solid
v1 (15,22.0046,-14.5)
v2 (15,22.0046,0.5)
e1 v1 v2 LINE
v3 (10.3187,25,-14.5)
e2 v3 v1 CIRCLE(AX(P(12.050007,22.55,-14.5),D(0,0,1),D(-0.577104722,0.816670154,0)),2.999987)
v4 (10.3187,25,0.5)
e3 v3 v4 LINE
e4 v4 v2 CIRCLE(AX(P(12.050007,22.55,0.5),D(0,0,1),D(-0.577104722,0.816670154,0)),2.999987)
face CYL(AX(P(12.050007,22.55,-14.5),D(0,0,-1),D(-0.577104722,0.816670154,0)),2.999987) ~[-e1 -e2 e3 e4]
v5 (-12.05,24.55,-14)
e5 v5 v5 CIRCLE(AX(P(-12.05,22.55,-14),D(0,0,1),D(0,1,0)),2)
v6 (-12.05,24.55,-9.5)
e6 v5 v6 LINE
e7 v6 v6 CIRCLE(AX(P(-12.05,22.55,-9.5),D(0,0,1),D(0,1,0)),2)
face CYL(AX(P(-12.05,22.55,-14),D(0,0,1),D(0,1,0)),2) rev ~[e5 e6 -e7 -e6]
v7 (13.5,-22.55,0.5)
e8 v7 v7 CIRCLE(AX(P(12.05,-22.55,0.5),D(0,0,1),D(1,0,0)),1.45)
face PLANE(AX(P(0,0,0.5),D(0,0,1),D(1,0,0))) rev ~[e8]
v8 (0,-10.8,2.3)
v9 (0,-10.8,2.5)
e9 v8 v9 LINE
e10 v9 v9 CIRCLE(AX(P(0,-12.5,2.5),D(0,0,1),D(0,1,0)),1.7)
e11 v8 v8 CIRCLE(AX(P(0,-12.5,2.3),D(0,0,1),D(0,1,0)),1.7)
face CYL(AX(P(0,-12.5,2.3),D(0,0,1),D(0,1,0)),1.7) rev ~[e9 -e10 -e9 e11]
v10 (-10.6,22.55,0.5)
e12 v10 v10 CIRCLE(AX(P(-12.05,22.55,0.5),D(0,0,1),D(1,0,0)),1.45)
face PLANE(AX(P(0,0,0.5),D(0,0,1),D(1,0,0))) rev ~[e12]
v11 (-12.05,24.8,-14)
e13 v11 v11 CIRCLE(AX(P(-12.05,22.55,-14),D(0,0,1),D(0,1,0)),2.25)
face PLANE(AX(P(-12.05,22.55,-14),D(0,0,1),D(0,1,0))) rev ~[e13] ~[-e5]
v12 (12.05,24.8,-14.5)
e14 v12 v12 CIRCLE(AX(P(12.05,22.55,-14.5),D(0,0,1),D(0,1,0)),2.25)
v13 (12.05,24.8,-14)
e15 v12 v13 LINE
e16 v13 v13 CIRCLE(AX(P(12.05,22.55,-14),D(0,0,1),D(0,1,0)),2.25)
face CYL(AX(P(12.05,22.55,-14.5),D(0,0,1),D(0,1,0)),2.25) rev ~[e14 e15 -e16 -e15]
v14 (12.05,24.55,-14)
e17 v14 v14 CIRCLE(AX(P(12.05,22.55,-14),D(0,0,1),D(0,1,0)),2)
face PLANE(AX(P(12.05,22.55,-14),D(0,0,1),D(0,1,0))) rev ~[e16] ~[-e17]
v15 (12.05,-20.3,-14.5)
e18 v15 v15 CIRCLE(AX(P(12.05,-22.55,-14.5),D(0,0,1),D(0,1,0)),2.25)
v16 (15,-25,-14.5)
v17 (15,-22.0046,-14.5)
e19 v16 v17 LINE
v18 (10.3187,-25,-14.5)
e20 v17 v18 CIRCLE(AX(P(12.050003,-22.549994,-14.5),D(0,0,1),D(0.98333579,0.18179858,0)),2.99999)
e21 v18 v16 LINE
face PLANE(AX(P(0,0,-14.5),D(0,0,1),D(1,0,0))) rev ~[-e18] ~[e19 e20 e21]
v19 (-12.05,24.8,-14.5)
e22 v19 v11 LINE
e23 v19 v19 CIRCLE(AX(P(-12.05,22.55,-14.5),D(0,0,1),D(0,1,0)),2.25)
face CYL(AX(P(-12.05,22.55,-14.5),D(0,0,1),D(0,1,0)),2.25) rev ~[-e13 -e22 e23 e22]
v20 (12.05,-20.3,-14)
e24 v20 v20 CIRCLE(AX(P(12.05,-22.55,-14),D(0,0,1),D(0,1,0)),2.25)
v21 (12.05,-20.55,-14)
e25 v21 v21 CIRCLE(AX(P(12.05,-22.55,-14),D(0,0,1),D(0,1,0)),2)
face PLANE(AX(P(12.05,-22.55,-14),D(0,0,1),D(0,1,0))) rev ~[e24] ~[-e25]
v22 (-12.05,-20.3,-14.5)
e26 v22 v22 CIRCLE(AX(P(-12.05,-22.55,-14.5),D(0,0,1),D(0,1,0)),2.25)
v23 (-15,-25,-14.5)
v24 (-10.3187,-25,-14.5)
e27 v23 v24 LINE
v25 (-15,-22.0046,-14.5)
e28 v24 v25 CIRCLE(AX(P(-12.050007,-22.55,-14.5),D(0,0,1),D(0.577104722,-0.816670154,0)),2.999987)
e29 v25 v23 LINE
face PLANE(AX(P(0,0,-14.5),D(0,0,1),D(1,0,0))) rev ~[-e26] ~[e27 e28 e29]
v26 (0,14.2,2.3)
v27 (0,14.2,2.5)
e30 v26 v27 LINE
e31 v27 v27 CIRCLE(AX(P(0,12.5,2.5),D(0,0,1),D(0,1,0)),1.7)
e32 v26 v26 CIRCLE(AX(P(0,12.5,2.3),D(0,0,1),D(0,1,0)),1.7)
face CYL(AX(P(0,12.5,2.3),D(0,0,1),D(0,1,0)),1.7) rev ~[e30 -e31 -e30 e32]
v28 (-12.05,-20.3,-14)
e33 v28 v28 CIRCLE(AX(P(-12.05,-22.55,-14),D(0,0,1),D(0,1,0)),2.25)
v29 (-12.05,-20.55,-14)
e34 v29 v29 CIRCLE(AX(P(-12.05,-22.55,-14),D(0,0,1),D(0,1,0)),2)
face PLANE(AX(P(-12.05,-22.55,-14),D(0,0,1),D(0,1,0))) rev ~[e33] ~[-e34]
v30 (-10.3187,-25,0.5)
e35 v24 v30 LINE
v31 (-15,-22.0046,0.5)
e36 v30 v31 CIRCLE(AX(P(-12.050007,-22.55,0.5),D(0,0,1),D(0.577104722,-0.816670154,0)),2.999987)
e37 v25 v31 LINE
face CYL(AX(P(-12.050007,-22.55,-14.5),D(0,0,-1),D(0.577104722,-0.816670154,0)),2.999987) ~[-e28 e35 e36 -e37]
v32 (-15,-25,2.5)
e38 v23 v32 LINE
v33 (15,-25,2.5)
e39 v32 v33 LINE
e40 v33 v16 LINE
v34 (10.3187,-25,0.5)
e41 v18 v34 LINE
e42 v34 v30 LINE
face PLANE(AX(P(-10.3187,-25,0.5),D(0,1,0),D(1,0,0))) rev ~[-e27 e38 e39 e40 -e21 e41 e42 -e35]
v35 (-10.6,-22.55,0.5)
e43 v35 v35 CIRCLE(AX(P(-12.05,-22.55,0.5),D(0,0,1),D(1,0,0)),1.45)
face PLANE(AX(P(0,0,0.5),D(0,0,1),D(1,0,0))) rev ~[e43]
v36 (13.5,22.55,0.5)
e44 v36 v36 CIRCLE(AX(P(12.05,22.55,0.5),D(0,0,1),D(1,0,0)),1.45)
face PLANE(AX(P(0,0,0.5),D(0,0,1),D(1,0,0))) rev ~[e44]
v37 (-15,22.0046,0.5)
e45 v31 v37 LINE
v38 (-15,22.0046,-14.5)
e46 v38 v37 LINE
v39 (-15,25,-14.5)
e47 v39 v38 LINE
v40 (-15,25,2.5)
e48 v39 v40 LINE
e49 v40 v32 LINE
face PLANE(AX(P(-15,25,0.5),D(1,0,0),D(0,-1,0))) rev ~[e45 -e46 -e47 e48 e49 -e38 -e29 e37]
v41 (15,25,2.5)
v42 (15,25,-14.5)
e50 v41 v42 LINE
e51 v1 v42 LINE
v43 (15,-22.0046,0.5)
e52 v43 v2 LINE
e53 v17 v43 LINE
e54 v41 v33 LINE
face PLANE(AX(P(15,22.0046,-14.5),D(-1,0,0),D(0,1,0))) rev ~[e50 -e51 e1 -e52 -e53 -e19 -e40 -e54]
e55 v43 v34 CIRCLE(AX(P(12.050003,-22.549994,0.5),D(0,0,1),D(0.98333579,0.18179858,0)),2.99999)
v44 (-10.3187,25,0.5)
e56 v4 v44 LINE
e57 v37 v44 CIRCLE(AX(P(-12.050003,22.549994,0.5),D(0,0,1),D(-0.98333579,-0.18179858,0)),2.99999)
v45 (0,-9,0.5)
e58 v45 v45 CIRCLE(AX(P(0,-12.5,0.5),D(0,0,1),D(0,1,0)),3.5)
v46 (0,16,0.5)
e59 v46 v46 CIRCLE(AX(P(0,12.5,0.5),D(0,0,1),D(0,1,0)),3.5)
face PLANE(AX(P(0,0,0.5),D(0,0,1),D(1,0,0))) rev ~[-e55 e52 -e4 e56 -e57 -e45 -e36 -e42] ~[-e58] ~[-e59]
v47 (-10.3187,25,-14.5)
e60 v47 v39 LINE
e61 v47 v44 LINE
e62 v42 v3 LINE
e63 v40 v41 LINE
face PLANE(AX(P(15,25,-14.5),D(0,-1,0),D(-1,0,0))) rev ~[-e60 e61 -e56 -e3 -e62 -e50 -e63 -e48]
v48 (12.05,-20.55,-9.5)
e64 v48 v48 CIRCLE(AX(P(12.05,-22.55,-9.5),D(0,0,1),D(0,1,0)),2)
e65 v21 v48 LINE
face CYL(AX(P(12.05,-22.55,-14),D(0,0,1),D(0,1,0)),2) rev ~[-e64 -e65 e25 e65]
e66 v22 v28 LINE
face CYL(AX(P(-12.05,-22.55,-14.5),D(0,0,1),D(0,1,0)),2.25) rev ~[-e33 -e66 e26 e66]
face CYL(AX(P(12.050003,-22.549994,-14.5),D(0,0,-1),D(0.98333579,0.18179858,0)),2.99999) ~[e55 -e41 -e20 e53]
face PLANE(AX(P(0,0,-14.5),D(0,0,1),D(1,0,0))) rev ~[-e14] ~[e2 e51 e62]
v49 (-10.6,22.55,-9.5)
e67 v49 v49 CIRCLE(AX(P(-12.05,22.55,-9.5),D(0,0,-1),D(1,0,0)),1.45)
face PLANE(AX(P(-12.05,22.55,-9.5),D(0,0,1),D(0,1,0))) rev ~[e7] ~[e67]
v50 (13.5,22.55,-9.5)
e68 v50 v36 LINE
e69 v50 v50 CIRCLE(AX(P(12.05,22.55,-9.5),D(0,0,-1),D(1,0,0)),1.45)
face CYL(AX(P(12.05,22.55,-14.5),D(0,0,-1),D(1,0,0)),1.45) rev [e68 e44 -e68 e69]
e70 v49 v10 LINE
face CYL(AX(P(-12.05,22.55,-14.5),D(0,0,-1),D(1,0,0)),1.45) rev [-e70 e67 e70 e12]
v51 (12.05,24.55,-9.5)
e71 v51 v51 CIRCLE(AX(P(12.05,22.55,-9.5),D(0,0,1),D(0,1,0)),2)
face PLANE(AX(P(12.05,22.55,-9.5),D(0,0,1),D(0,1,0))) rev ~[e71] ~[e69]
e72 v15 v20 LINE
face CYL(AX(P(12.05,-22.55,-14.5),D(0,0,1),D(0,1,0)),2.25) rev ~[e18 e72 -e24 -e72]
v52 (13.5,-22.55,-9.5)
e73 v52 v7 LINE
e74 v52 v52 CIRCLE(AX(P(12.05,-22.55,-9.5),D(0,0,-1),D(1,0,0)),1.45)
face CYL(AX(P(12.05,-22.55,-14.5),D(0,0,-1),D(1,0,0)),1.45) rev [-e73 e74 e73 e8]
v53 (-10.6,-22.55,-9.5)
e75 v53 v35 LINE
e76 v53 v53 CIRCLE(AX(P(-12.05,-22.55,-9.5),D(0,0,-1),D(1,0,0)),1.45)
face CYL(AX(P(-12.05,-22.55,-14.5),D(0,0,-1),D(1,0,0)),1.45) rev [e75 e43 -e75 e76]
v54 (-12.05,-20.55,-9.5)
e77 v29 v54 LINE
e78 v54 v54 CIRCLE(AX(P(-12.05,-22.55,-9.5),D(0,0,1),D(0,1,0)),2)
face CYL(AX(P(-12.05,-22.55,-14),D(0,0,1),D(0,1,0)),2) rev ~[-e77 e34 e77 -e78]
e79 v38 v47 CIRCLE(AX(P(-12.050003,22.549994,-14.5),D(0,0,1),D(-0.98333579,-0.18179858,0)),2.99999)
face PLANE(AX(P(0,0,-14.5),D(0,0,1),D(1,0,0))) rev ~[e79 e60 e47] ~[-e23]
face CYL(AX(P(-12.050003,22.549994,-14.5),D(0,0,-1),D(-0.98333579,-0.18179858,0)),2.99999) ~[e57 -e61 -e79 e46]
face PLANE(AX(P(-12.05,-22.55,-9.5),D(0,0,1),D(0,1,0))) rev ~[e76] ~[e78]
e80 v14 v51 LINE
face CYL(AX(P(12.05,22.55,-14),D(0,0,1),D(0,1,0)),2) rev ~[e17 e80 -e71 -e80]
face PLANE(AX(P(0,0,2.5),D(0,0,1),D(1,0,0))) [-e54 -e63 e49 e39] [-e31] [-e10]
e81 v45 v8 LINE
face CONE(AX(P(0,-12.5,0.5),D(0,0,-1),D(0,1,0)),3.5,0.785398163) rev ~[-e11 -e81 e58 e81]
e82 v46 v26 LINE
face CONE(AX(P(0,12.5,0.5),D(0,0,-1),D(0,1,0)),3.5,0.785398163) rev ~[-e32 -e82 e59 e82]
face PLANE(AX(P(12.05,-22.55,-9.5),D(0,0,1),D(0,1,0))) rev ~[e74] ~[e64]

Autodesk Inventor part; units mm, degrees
ref_plane "YZ Plane" through (0, 0, 0) normal (1, 0, 0) x (0, 1, 0)
ref_plane "XZ Plane" through (0, 0, 0) normal (0, 1, 0) x (-1, 0, 0)
ref_plane "XY Plane" through (0, 0, 0) normal (0, 0, 1) x (1, 0, 0)
ref_plane "Work Plane1" through (0, 0, -14.5) normal (0, 0, 1) x (1, 0, 0)
sketch "Sketch1" plane through (0, 0, -14.5) normal (0, 0, 1) x (1, 0, 0)
  arc A0 (10.3187, 25) -> (15, 22.0046) centre (12.05, 22.55) ccw projected
  line L0 (15, 22.0046) -> (15, 25) projected
  line L1 (15, 25) -> (10.3187, 25) projected
  circle A1 centre (12.05, 22.55) radius 1.45 projected
  arc A2 (15, -22.0046) -> (10.3187, -25) centre (12.05, -22.55) ccw projected
  line L2 (10.3187, -25) -> (15, -25) projected
  line L3 (15, -25) -> (15, -22.0046) projected
  circle A3 centre (12.05, -22.55) radius 1.45 projected
  arc A4 (-10.3187, -25) -> (-15, -22.0046) centre (-12.05, -22.55) ccw projected
  line L4 (-15, -22.0046) -> (-15, -25) projected
  line L5 (-15, -25) -> (-10.3187, -25) projected
  circle A5 centre (-12.05, -22.55) radius 1.45 projected
  circle A6 centre (-12.05, 22.55) radius 1.45 projected
  arc A7 (-15, 22.0046) -> (-10.3187, 25) centre (-12.05, 22.55) ccw projected
  line L6 (-10.3187, 25) -> (-15, 25) projected
  line L7 (-15, 25) -> (-15, 22.0046) projected
  point P0 (0, 0)
extrude "Extrusion1" add sketch "Sketch1" along normal blind 15
sketch "Sketch2" plane through (0, 0, 0.5) normal (0, 0, 1) x (1, 0, 0)
  line L0 (15, 22.0046) -> (15, 25) projected
  line L1 (15, 25) -> (10.3187, 25) projected
  arc A0 (10.3187, 25) -> (15, 22.0046) centre (12.05, 22.55) ccw projected
  circle A1 centre (12.05, 22.55) radius 1.45 projected
  line L2 (10.3187, -25) -> (15, -25) projected
  line L3 (15, -25) -> (15, -22.0046) projected
  arc A2 (15, -22.0046) -> (10.3187, -25) centre (12.05, -22.55) ccw projected
  circle A3 centre (12.05, -22.55) radius 1.45 projected
  line L4 (-15, -22.0046) -> (-15, -25) projected
  line L5 (-15, -25) -> (-10.3187, -25) projected
  arc A4 (-10.3187, -25) -> (-15, -22.0046) centre (-12.05, -22.55) ccw projected
  circle A5 centre (-12.05, -22.55) radius 1.45 projected
  line L6 (-10.3187, 25) -> (-15, 25) projected
  line L7 (-15, 25) -> (-15, 22.0046) projected
  arc A6 (-15, 22.0046) -> (-10.3187, 25) centre (-12.05, 22.55) ccw projected
  circle A7 centre (-12.05, 22.55) radius 1.45 projected
  line L8 (15, 25) -> (10.3187, 25) projected
  line L9 (-15, -25) -> (-10.3187, -25) projected
  line L10 (15, 25) -> (-15, 25)
  line L11 (-15, 25) -> (-15, -25)
  line L12 (-15, -25) -> (15, -25)
  line L13 (15, -25) -> (15, 25)
  point P0 (0, 0)
extrude "Extrusion2" add sketch "Sketch2" along normal blind 2 contours A0 L1 L0 | L13 A2 L12 A4 L11 A6 L10 A0 | L3 L2 A2 | A6 L7 L6 | L5 L4 A4 | A1 | A3 | A5 | A7
sketch "Sketch3" plane through (0, 0, -14.5) normal (0, 0, -1) x (-1, 0, 0)
  circle A0 centre (12.05, 22.55) radius 1.45 projected
  circle A1 centre (-12.05, 22.55) radius 1.45 projected
  circle A2 centre (-12.05, -22.55) radius 1.45 projected
  circle A3 centre (12.05, -22.55) radius 1.45 projected
  line L0 (15, -25) -> (-15, -25) projected
  line L1 (15, 25) -> (15, -25) projected
  line L2 (-15, 25) -> (15, 25) projected
  line L3 (-15, -25) -> (-15, 25) projected
  circle A4 centre (12.05, -22.55) radius 1.45 projected
  circle A5 centre (-12.05, -22.55) radius 1.45 projected
  circle A6 centre (-12.05, 22.55) radius 1.45 projected
  circle A7 centre (12.05, 22.55) radius 1.45 projected
  point P0 (0, 0)
hole "Hole1" at (-12.05, -22.55, -14.5) at (12.05, -22.55, -14.5) at (12.05, 22.55, -14.5) at (-12.05, 22.55, -14.5) direction (0, 0, 1) diameter 4 depth 5 counterbore diameter 4.5 counterbore depth 0.5
sketch "Sketch4" plane through (0, 0, 0.5) normal (0, 0, -1) x (-1, 0, 0)
  circle A0 centre (12.05, 22.55) radius 1.45 projected
  circle A1 centre (-12.05, 22.55) radius 1.45 projected
  circle A2 centre (-12.05, -22.55) radius 1.45 projected
  circle A3 centre (12.05, -22.55) radius 1.45 projected
  line L0 (15, -25) -> (-15, -25) projected
  line L1 (15, 25) -> (15, -25) projected
  line L2 (-15, 25) -> (15, 25) projected
  line L3 (-15, -25) -> (-15, 25) projected
  line L4 (0, 12.5) -> (0, -12.5)
  point P0 (0, 0)
  dimension "d11" = 12.5
  dimension "d12" = 12.5
  dimension "d13" = 12.5
  dimension "d14" = 12.5
hole "Hole2" at (0, 12.5, 0.5) at (0, -12.5, 0.5) direction (0, 0, 1) diameter 3.4 depth 5 countersink diameter 7 countersink angle 90 clearance for "Countersunk Flat Head Screw ISO 2009/7046" size "M3" standard "ISO"
equation "\"d11\" = d12"
equation "\"d13\" = d14"
properties part number "buck_holder" material "Glass"
